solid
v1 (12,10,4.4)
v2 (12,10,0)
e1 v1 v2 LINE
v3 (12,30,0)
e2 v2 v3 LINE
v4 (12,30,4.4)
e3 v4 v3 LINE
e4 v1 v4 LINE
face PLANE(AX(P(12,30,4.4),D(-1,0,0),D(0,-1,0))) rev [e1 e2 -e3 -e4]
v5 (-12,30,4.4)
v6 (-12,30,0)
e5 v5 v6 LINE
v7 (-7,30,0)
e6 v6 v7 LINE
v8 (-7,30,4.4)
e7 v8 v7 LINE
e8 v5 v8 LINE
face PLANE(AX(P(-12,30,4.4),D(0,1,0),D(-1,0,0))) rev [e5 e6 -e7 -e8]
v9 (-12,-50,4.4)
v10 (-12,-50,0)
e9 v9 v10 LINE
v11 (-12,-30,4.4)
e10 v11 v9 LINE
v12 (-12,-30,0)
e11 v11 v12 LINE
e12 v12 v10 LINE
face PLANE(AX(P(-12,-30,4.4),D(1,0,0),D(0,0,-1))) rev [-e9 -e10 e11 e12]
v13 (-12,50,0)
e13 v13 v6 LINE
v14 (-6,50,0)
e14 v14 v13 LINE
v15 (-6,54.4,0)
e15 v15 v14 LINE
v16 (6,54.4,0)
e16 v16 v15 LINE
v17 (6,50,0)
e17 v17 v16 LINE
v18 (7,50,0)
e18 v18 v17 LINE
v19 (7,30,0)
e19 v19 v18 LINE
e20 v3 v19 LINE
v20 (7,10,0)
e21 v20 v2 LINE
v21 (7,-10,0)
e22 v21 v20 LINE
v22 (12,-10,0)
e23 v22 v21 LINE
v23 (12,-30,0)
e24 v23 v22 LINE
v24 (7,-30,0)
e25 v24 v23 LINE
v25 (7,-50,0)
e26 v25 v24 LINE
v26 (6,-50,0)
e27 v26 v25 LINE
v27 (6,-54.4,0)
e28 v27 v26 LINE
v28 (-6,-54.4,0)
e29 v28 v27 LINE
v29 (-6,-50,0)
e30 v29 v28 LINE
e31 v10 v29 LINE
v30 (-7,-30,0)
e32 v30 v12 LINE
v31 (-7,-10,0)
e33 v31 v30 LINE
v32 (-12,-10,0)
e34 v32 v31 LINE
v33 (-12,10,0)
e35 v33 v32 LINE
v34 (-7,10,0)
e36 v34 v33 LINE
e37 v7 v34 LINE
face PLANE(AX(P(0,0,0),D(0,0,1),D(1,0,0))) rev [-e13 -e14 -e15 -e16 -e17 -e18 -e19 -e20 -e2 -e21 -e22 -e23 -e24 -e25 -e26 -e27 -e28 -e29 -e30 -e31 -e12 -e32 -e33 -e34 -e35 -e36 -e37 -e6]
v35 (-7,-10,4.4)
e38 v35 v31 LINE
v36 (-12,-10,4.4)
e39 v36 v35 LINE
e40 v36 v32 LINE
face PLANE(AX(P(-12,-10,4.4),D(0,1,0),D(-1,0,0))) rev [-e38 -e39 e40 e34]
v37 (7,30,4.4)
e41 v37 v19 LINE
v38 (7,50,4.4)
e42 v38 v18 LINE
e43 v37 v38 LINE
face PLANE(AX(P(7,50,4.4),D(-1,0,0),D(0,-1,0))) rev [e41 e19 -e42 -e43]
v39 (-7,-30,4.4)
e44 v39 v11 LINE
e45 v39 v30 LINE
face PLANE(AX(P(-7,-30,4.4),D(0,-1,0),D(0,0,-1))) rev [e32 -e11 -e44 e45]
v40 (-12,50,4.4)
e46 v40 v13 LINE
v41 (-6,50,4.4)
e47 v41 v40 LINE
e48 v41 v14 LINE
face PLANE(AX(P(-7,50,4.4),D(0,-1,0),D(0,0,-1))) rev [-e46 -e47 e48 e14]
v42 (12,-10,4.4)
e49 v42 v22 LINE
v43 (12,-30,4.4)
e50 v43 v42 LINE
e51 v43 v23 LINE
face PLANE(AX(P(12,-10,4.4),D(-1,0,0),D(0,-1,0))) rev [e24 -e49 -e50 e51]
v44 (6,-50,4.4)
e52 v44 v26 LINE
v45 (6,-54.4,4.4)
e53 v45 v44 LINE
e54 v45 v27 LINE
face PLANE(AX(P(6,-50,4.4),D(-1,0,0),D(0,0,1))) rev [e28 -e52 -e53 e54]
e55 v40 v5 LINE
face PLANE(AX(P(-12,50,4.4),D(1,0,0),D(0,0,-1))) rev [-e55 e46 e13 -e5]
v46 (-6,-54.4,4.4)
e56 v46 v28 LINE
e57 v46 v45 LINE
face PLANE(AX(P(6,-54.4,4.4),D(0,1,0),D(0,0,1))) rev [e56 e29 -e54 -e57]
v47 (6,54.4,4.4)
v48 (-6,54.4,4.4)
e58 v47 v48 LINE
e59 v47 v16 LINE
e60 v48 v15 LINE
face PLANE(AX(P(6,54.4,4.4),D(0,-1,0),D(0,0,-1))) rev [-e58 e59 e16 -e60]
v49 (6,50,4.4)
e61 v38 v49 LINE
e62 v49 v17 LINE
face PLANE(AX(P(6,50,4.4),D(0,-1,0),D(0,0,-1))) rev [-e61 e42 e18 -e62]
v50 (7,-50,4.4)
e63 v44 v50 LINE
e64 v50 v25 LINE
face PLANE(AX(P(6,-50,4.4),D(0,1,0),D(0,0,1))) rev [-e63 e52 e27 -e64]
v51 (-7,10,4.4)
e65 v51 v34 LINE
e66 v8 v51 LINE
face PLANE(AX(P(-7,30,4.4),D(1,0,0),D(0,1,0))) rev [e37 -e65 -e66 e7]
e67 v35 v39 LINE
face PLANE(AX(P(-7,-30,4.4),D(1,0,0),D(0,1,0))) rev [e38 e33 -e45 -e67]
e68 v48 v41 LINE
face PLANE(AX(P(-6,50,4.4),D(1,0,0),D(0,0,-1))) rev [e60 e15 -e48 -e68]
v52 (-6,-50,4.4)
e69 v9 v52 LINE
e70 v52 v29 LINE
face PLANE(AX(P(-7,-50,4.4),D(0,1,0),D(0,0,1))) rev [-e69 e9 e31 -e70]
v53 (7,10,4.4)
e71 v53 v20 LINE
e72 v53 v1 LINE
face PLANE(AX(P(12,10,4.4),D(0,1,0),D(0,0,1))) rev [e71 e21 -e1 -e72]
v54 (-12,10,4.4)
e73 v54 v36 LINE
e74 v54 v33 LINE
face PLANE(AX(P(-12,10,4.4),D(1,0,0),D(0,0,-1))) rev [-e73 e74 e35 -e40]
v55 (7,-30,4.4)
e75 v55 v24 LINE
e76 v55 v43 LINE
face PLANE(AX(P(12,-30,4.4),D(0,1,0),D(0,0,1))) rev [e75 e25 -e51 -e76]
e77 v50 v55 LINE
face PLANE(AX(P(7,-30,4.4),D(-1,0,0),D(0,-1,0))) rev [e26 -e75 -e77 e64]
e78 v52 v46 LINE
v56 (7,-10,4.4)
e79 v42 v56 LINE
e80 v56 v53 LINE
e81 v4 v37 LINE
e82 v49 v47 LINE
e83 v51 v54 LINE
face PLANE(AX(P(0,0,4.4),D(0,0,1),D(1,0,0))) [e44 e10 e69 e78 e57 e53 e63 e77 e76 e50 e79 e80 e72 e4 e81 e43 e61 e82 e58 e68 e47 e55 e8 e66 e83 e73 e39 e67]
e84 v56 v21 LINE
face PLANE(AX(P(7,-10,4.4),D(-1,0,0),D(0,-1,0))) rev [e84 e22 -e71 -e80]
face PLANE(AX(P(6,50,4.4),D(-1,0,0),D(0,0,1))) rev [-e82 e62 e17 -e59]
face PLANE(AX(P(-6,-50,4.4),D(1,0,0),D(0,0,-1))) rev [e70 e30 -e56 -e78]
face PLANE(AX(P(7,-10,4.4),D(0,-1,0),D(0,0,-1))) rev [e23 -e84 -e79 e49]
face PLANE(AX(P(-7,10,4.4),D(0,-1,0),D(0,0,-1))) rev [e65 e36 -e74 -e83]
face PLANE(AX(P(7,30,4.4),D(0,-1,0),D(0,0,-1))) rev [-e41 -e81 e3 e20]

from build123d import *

# Parameters (mm, degrees)
EXTRUDE_1_DEPTH = 4.4


with BuildPart() as part:
    # 草图1 → 凸台-拉伸1 (new body)
    with BuildSketch(Plane.XY):
        Polygon((6, 50), (6, 54.4), (-6, 54.4), (-6, 50), (-7, 50), (-12, 50), (-12, 30), (-7, 30), (-7, 10), (-12, 10), (-12, -10), (-7, -10), (-7, -30), (-12, -30), (-12, -50), (-7, -50), (-6, -50), (-6, -54.4), (6, -54.4), (6, -50), (7, -50), (7, -30), (12, -30), (12, -10), (7, -10), (7, 10), (12, 10), (12, 30), (7, 30), (7, 50), align=None)
    extrude(amount=EXTRUDE_1_DEPTH)


solid = part.part
